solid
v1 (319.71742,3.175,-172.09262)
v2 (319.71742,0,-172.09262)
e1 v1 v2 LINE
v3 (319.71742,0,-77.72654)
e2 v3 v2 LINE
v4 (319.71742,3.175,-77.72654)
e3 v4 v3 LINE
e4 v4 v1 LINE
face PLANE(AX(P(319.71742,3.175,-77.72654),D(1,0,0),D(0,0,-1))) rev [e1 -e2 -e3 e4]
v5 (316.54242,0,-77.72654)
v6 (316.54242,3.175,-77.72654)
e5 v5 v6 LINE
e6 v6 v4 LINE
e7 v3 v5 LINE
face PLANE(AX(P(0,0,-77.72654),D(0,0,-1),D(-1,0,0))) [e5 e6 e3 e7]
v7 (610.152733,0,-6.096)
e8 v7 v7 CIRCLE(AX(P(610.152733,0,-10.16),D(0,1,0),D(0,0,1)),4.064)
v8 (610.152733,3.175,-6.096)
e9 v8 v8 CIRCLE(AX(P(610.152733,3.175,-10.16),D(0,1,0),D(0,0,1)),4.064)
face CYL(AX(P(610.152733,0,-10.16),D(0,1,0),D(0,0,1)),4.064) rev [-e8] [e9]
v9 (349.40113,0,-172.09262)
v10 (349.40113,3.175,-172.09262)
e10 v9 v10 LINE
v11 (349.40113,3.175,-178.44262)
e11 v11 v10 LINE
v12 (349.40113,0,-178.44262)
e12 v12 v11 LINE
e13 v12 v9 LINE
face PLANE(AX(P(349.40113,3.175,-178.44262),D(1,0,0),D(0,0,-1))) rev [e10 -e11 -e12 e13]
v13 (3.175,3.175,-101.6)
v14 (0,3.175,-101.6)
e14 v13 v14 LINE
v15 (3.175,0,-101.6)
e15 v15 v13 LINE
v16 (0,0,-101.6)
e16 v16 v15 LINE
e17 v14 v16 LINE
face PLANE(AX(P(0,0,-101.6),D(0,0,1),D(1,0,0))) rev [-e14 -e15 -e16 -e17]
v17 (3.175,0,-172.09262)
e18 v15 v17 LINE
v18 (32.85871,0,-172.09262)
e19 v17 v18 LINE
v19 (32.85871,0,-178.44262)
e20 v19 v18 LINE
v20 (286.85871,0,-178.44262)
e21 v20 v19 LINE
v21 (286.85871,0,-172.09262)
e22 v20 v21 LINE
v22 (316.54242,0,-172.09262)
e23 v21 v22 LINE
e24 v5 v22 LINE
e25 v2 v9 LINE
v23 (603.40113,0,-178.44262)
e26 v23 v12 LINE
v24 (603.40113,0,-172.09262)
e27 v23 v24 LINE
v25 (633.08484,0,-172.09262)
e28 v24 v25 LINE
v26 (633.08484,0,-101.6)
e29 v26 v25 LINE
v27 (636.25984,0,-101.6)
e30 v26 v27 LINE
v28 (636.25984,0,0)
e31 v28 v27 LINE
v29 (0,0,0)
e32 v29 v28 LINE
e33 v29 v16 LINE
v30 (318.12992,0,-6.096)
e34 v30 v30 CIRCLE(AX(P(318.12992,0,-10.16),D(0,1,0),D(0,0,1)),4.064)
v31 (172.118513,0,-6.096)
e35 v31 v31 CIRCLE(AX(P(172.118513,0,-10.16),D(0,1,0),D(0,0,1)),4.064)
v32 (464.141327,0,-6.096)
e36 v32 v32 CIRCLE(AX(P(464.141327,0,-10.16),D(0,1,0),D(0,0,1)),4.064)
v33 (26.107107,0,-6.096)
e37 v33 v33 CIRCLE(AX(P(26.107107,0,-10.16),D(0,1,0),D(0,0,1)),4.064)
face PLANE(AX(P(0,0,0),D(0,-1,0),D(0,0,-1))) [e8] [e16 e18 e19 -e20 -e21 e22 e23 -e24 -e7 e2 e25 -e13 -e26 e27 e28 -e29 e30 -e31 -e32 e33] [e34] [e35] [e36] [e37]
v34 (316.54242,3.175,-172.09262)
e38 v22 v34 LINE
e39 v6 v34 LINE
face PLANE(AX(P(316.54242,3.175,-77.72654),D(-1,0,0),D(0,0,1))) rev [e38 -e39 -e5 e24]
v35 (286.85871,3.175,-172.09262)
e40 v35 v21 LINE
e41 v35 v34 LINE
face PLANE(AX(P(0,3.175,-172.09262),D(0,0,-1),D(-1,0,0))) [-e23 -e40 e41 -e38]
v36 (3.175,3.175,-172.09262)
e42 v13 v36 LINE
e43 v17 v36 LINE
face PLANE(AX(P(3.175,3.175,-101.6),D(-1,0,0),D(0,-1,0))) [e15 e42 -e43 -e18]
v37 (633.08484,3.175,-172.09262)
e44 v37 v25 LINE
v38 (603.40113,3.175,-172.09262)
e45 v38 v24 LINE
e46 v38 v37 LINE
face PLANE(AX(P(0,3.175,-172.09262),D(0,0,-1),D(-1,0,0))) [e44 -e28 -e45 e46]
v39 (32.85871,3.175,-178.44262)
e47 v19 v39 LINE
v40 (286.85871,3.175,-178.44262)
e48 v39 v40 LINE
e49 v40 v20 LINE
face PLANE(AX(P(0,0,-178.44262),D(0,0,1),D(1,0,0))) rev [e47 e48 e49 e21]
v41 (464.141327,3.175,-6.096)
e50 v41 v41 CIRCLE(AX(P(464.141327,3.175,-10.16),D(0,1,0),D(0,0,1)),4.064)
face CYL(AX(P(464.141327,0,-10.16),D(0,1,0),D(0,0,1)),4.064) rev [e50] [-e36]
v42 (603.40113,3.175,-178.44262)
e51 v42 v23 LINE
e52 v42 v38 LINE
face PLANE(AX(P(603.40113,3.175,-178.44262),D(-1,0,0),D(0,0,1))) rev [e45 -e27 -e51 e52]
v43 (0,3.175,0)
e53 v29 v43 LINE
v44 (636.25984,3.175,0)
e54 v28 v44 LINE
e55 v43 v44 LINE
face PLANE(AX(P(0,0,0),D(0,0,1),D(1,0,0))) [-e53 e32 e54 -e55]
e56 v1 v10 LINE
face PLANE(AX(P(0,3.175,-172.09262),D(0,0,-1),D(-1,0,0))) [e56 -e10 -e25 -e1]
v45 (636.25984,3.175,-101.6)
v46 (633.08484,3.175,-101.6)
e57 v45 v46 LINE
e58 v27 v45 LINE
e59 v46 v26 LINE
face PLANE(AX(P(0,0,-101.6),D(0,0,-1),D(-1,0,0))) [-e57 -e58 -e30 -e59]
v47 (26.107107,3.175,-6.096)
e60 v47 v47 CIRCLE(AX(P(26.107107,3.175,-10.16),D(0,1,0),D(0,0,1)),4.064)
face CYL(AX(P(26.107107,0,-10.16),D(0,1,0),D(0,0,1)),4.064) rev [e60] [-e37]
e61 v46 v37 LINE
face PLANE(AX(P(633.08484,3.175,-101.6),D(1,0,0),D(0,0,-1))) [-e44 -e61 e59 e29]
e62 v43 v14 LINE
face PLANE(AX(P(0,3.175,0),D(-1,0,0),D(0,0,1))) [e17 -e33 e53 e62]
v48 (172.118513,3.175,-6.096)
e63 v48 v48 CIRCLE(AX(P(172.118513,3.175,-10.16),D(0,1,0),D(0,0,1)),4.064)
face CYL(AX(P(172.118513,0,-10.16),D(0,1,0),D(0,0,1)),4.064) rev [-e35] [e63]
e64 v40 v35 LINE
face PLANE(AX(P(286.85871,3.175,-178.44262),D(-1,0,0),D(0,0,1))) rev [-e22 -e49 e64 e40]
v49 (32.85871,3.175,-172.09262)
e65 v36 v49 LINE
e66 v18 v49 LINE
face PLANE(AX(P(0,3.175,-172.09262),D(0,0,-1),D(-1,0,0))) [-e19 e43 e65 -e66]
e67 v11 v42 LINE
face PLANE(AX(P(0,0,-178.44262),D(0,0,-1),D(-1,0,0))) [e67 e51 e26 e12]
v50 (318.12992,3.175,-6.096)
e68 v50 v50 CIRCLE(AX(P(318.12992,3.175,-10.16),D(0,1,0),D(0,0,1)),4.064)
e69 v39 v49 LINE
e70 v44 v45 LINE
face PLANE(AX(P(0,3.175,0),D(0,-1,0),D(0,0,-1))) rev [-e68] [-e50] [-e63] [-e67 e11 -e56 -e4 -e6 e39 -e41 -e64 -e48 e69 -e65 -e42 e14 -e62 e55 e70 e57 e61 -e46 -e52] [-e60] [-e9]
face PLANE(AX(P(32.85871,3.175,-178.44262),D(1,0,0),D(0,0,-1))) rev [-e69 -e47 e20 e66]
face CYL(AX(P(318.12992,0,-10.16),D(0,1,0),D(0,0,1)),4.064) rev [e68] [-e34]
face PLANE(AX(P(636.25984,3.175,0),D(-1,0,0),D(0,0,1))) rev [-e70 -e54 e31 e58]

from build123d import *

# Parameters (mm, degrees)
SKETCH1_W           = 636.25984
SKETCH1_H           = 172.09262
BOSS_EXTRUDE1_DEPTH = 3.175
SKETCH2_W           = 3.175
SKETCH2_H           = 3.175
CUT_EXTRUDE1_DEPTH  = 94.36608
SKETCH3_W           = 3.175
SKETCH3_H           = 3.175
CUT_EXTRUDE5_DEPTH  = 70.49262
SKETCH4_W           = 636.25984
SKETCH4_H           = 24.39416
CUT_EXTRUDE6_DEPTH  = 660.130134708
SKETCH6_W           = 636.25984
SKETCH6_H           = 24.39416
BOSS_EXTRUDE2_DEPTH = 3.175
SKETCH7_W           = 254
SKETCH7_H           = 3.175
BOSS_EXTRUDE3_DEPTH = 6.35
SKETCH8_R           = 4.064
CUT_EXTRUDE7_DEPTH  = 661.816489847


with BuildPart() as part:
    # Sketch1 → Boss-Extrude1 (new body)
    with BuildSketch(Plane(origin=(0, 0, 0), x_dir=(1, 0, 0), z_dir=(0, 1, 0))):
        with Locations((318.12992, 86.04631)):
            Rectangle(SKETCH1_W, SKETCH1_H)
    extrude(amount=BOSS_EXTRUDE1_DEPTH)

    # Sketch2 → Cut-Extrude1 (cut)
    with BuildSketch(Plane(origin=(0, 0, -172.09262), x_dir=(-1, 0, 0), z_dir=(0, 0, -1))):
        with Locations((-318.12992, 1.5875)):
            Rectangle(SKETCH2_W, SKETCH2_H)
    extrude(amount=-CUT_EXTRUDE1_DEPTH, mode=Mode.SUBTRACT)

    # Sketch3 → Cut-Extrude5 (cut)
    with BuildSketch(Plane.XY.offset(-172.09262)):
        with Locations((1.5875, 1.5875)):
            Rectangle(SKETCH3_W, SKETCH3_H)
        with Locations((634.67234, 1.5875)):
            Rectangle(SKETCH3_W, SKETCH3_H)
    extrude(amount=CUT_EXTRUDE5_DEPTH, mode=Mode.SUBTRACT)

    # Sketch4 → Cut-Extrude6 (cut, through all)
    with BuildSketch(Plane(origin=(0, 3.175, 0), x_dir=(1, 0, 0), z_dir=(0, 1, 0))):
        with Locations((318.12992, 12.19708)):
            Rectangle(SKETCH4_W, SKETCH4_H)
    extrude(amount=-CUT_EXTRUDE6_DEPTH, mode=Mode.SUBTRACT)

    # Sketch6 → Boss-Extrude2 (add, through all)
    with BuildSketch(Plane(origin=(0, 3.175, 0), x_dir=(1, 0, 0), z_dir=(0, 1, 0))):
        with Locations((318.12992, 12.19708)):
            Rectangle(SKETCH6_W, SKETCH6_H)
    extrude(amount=-BOSS_EXTRUDE2_DEPTH)

    # Sketch7 → Boss-Extrude3 (add)
    with BuildSketch(Plane(origin=(0, 0, -172.09262), x_dir=(-1, 0, 0), z_dir=(0, 0, -1))):
        with Locations((-476.40113, 1.5875)):
            Rectangle(SKETCH7_W, SKETCH7_H)
        with Locations((-159.85871, 1.5875)):
            Rectangle(SKETCH7_W, SKETCH7_H)
    extrude(amount=BOSS_EXTRUDE3_DEPTH)

    # Sketch8 → Cut-Extrude7 (cut, through all)
    with BuildSketch(Plane(origin=(0, 3.175, 0), x_dir=(1, 0, 0), z_dir=(0, 1, 0))):
        with Locations(Location((26.107106781, 10.16, 0), (0, 0, 270))):
            Circle(SKETCH8_R)
        with Locations(Location((172.118513391, 10.16, 0), (0, 0, 270))):
            Circle(SKETCH8_R)
        with Locations(Location((318.12992, 10.16, 0), (0, 0, 270))):
            Circle(SKETCH8_R)
        with Locations(Location((464.141326609, 10.16, 0), (0, 0, 270))):
            Circle(SKETCH8_R)
        with Locations(Location((610.152733219, 10.16, 0), (0, 0, 270))):
            Circle(SKETCH8_R)
    extrude(amount=-CUT_EXTRUDE7_DEPTH, mode=Mode.SUBTRACT)


solid = part.part
